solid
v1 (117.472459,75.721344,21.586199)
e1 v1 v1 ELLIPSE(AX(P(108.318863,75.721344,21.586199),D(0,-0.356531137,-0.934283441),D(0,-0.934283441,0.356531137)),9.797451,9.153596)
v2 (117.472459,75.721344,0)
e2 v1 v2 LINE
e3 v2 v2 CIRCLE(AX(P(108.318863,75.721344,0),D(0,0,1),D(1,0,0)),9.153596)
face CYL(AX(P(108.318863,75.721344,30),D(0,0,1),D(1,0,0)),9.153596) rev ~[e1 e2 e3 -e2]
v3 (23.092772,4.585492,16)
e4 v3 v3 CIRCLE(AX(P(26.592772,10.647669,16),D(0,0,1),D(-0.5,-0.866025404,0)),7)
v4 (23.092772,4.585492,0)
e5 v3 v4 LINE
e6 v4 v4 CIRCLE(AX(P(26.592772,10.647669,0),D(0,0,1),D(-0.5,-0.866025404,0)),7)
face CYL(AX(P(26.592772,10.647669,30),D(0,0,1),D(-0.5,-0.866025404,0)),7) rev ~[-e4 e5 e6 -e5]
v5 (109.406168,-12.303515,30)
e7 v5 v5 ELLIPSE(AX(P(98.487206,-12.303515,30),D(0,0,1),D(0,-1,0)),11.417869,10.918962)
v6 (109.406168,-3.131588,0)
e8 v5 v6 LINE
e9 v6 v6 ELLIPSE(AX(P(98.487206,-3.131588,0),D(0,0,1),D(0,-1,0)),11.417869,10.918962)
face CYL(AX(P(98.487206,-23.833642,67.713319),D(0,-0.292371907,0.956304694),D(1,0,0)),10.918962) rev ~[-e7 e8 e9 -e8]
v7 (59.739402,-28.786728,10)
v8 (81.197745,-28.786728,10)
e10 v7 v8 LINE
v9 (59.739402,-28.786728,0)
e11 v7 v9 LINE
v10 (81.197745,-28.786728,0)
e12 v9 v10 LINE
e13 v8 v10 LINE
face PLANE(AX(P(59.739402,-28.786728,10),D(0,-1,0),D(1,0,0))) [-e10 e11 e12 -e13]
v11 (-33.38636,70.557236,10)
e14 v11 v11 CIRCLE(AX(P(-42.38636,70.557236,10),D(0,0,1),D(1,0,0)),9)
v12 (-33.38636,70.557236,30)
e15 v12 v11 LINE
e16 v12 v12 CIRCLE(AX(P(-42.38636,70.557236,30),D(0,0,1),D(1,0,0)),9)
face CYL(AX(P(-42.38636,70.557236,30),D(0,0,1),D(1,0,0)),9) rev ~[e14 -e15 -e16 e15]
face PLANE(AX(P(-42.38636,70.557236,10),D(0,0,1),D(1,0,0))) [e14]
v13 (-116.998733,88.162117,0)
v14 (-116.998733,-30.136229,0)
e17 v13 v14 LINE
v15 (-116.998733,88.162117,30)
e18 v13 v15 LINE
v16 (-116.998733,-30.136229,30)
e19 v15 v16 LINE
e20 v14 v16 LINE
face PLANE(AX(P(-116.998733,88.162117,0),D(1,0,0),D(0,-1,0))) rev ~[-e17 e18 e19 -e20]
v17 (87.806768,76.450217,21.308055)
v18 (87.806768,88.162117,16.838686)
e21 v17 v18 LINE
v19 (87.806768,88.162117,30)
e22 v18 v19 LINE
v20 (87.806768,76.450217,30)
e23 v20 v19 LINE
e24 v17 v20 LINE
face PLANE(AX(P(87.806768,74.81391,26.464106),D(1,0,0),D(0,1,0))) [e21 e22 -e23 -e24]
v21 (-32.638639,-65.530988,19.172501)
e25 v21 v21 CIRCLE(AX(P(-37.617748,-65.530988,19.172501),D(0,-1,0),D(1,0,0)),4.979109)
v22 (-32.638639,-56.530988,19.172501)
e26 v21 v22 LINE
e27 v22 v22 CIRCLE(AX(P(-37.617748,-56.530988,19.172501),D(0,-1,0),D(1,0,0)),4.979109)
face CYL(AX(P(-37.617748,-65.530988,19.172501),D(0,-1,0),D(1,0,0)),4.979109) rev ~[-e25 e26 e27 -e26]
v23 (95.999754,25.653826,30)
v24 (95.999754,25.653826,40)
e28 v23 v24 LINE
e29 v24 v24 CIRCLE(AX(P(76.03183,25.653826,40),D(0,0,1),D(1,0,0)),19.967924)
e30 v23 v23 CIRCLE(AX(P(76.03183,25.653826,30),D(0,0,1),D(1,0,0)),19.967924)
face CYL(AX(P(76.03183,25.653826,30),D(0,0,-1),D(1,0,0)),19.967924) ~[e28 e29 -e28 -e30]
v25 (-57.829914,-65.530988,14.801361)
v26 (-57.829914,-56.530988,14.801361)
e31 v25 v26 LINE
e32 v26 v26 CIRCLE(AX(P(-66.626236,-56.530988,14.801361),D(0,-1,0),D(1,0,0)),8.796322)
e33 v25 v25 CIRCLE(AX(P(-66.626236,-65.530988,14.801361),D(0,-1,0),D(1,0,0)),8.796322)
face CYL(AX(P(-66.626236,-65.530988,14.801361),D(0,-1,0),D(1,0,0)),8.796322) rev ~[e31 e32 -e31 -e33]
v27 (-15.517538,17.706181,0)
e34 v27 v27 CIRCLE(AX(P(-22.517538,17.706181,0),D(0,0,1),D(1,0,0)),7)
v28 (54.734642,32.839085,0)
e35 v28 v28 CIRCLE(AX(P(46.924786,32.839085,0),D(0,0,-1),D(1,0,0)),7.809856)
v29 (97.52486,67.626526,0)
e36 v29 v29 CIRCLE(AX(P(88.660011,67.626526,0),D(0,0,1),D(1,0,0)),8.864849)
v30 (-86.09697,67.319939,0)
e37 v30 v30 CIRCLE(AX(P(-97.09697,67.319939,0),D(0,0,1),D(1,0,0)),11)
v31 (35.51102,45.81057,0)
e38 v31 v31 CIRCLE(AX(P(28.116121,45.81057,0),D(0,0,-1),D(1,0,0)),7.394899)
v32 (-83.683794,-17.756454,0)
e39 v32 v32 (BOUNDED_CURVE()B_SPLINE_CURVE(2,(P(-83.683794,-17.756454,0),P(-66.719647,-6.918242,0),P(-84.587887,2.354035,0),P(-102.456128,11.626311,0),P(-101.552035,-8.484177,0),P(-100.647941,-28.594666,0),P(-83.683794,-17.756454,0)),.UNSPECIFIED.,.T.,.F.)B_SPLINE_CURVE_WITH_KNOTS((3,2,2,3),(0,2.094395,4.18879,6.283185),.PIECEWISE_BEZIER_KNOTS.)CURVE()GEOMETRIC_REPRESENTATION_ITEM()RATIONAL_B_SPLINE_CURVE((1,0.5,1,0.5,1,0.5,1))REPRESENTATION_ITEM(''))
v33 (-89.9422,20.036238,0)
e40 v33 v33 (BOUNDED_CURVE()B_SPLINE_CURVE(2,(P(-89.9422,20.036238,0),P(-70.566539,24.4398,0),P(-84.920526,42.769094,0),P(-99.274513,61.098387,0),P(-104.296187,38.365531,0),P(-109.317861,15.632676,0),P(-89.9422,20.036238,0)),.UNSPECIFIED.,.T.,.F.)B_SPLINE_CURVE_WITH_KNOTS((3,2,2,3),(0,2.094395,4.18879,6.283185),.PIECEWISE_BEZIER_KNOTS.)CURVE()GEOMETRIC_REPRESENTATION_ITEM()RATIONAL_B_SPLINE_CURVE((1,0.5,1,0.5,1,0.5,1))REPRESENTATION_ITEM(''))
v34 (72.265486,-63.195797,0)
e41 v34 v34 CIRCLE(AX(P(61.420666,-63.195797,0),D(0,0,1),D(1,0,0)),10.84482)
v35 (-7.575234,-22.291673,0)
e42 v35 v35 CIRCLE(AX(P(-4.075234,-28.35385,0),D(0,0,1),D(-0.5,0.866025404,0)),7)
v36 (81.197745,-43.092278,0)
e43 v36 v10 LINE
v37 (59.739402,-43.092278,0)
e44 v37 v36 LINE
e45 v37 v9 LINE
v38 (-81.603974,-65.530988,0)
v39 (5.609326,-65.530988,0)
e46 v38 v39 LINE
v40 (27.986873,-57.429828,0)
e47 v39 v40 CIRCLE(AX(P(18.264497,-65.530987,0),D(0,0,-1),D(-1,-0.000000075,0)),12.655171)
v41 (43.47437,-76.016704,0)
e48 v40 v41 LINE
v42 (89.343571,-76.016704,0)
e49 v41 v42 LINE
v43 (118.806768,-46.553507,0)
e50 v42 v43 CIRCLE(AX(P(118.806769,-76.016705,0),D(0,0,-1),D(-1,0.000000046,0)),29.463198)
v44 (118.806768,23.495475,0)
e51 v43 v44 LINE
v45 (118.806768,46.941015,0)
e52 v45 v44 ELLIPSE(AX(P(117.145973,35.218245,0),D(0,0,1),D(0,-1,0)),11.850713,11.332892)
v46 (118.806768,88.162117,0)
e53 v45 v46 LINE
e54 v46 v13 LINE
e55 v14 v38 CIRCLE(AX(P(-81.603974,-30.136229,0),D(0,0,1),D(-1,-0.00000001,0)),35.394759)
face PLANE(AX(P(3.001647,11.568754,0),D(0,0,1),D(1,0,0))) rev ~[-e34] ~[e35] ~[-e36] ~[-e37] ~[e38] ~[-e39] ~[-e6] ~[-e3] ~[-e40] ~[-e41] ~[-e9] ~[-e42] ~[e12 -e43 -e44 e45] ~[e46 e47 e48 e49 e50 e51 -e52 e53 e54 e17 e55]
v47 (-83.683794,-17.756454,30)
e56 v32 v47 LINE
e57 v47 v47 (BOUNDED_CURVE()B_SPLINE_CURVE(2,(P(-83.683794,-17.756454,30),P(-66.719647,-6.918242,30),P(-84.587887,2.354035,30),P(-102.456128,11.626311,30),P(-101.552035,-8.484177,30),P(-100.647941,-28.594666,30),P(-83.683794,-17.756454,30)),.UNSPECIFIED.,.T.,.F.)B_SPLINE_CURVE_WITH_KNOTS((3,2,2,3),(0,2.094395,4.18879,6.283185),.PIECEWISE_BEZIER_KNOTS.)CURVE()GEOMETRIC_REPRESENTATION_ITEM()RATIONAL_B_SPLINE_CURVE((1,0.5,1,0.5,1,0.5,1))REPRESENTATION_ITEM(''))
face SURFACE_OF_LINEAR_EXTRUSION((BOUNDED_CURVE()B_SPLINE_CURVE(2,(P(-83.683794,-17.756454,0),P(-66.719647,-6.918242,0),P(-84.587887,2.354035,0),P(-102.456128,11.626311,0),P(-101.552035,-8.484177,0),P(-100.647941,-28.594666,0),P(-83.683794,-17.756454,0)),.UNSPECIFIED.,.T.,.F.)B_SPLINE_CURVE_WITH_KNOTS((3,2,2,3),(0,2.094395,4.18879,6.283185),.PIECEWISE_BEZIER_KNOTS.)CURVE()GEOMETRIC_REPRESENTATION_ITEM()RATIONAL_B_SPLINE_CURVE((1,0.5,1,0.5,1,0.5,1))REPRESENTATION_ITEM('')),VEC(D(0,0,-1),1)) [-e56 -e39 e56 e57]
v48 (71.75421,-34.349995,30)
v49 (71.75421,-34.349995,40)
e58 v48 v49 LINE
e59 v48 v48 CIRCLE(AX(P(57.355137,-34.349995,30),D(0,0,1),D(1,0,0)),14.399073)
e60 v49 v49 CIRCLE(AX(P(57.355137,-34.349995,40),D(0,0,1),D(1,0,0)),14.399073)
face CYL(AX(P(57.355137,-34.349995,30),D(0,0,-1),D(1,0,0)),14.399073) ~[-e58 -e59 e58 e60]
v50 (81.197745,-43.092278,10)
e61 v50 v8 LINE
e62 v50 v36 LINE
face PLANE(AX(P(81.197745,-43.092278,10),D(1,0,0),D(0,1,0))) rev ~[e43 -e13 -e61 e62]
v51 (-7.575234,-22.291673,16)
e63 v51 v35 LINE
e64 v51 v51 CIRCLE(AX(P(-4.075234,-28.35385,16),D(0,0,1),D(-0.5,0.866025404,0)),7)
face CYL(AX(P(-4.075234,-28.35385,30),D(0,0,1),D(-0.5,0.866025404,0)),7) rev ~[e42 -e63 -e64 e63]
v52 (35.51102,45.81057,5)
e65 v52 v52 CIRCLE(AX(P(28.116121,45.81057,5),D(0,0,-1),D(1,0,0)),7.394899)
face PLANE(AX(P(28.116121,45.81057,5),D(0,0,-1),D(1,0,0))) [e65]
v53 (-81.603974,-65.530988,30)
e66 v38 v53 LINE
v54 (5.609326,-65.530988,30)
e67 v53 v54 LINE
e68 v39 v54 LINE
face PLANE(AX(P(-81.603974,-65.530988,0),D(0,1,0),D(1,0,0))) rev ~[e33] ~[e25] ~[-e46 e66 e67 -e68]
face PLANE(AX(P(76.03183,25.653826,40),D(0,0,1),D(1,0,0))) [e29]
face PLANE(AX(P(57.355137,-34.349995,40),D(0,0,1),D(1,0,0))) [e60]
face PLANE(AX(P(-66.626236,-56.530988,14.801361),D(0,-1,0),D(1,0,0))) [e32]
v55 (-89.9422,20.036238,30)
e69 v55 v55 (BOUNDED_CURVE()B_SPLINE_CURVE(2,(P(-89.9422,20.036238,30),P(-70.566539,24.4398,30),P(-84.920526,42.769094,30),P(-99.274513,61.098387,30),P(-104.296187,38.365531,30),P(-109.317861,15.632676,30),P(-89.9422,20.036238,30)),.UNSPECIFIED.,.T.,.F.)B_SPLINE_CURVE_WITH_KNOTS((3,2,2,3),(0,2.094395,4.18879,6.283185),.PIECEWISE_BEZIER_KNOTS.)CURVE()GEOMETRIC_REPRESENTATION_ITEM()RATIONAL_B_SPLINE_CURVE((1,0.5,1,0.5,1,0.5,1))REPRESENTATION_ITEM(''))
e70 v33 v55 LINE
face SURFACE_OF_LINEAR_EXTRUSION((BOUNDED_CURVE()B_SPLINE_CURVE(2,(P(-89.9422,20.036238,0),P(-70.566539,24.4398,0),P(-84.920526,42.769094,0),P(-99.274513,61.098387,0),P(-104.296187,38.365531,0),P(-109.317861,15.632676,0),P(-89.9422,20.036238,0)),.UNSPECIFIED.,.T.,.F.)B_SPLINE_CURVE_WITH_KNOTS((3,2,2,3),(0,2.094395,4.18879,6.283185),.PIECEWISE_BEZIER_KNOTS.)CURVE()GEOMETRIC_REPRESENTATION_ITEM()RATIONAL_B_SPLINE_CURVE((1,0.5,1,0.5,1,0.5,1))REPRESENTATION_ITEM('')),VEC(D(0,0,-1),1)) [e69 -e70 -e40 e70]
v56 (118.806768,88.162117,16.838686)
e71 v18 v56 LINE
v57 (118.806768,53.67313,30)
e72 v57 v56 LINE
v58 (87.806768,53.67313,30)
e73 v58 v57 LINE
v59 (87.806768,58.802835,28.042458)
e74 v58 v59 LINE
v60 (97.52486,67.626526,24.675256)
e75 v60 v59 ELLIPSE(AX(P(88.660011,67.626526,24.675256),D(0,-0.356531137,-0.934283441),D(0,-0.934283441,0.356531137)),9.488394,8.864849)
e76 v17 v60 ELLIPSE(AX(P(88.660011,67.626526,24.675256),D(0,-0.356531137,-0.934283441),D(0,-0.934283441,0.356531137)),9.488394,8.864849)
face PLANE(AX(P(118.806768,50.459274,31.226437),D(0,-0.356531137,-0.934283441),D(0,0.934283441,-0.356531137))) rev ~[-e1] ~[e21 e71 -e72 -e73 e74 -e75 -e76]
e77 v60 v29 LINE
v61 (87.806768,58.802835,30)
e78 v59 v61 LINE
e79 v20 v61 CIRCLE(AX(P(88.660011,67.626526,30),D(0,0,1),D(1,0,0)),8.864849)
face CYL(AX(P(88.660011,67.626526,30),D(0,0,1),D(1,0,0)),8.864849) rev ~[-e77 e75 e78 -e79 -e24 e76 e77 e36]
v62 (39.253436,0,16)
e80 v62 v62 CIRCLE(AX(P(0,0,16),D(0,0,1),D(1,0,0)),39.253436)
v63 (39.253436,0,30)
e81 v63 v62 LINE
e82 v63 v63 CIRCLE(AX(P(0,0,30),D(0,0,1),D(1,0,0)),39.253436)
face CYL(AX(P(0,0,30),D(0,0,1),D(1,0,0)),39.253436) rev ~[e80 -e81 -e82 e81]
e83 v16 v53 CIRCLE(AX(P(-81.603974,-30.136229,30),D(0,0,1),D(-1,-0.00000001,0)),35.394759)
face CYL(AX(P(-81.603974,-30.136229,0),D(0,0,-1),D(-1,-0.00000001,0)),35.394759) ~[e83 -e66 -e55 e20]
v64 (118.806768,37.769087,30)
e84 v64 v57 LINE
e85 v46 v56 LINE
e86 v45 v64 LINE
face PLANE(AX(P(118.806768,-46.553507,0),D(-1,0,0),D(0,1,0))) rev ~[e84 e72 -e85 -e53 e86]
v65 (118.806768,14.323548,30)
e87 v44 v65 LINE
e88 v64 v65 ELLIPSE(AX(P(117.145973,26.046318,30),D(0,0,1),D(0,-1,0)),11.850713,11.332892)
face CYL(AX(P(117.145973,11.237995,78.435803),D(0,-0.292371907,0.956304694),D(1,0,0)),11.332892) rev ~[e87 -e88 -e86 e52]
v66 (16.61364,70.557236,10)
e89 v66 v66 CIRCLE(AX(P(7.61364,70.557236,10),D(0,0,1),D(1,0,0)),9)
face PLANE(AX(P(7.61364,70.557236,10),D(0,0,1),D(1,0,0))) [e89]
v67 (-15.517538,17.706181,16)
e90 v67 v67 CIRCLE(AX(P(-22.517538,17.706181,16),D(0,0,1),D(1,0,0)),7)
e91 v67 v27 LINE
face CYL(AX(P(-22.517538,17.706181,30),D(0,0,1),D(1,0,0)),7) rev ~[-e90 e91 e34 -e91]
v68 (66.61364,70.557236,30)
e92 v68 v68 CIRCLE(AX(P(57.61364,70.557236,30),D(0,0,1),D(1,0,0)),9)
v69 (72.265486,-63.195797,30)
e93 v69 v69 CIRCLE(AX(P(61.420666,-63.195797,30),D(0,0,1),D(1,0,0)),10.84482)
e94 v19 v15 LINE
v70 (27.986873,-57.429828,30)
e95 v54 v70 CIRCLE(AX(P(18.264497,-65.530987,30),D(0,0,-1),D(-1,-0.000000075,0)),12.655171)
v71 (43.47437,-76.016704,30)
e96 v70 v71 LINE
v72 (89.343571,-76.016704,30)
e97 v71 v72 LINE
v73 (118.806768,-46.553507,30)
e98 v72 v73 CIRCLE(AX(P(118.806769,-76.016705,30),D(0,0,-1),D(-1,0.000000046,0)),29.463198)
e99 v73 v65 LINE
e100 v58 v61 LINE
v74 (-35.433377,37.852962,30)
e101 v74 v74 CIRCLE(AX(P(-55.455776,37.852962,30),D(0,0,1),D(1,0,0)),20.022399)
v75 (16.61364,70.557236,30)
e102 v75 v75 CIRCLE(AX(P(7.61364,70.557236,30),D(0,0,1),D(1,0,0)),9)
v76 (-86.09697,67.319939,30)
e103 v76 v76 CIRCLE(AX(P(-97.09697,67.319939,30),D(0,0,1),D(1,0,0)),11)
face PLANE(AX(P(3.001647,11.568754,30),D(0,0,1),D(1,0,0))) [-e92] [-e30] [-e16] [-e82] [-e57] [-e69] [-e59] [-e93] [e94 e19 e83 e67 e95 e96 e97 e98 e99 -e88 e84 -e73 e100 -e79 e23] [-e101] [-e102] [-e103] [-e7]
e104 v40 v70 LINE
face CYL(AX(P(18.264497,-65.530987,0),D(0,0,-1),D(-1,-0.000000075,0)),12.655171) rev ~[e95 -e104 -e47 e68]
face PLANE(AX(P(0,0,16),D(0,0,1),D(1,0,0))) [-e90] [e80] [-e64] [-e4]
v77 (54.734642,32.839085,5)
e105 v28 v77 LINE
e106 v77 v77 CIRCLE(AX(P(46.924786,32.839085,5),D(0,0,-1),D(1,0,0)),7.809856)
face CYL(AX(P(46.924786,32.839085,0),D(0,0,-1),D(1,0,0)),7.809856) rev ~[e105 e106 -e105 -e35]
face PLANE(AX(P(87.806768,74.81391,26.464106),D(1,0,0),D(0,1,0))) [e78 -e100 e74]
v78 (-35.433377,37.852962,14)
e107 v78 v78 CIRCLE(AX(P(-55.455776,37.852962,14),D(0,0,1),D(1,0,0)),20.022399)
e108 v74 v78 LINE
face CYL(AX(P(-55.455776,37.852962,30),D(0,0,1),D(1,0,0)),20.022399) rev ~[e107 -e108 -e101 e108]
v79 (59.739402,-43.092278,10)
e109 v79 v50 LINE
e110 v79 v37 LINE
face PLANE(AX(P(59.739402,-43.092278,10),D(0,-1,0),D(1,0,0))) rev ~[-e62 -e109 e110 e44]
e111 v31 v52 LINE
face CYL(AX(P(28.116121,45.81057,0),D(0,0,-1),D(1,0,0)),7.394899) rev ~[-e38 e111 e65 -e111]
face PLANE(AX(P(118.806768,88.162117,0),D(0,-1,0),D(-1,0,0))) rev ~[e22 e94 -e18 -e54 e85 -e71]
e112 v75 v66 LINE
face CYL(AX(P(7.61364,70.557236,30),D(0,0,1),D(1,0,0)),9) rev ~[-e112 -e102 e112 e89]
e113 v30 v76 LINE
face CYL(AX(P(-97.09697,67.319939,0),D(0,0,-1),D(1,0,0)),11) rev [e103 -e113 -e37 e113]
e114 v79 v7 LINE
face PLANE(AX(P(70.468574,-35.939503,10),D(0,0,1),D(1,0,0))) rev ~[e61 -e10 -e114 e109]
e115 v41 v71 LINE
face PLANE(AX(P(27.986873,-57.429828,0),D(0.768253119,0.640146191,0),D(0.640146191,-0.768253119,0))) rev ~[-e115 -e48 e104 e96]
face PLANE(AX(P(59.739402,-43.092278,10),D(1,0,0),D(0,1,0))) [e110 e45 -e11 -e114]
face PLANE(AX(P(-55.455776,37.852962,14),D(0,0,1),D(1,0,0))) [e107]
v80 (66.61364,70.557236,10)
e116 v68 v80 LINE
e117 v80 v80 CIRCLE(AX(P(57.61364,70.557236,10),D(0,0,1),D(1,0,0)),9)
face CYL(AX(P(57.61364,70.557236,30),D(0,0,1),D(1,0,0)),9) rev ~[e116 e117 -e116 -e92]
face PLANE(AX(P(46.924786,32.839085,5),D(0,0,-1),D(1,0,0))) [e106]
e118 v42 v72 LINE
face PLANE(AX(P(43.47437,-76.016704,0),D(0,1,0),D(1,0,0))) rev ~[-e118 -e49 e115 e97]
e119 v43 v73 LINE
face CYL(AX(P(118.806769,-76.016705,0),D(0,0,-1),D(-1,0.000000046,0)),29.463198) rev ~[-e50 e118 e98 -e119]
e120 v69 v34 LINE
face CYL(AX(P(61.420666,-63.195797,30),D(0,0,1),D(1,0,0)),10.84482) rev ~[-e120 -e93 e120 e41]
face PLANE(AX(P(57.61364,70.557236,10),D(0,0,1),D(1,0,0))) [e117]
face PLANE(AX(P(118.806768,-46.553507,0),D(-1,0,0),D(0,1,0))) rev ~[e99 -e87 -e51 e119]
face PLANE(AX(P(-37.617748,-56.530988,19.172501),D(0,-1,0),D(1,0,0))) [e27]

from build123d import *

# Parameters (mm, degrees)
SKETCH_R            = 11
PAD_DEPTH           = 30
SKETCH001_R         = 9
POCKET_DEPTH        = 20
LINEARPATTERN_COUNT = 3
LINEARPATTERN_PITCH = 50
SKETCH002_R         = 7
POCKET001_DEPTH     = 50
POLARPATTERN_COUNT  = 3
SKETCH003_R         = 19.967924
PAD001_DEPTH        = 10
SKETCH004_R         = 14.399073
PAD002_DEPTH        = 10
SKETCH005_W         = 21.458343
SKETCH005_H         = 14.30555
POCKET002_DEPTH     = 17
SKETCH006_R         = 8.796322
SKETCH006_R_2       = 4.979109
POCKET003_DEPTH     = 9
SKETCH007_R         = 9.153596
SKETCH007_R_2       = 8.864849
POCKET004_DEPTH     = 30.001
POCKET005_DEPTH     = 31
SKETCH009_R         = 20.022399
POCKET006_DEPTH     = 16
SKETCH010_R         = 8.593369
POCKET007_DEPTH     = 40.001
SKETCH011_R         = 11.332892
SKETCH011_R_2       = 10.918962
POCKET008_DEPTH     = 97.499965
SKETCH012_R         = 10.84482
POCKET009_DEPTH     = 30.001
SKETCH013_R         = 39.253436
POCKET010_DEPTH     = 14
SKETCH014_R         = 7.394899
SKETCH014_R_2       = 7.809856
POCKET011_DEPTH     = 5


with BuildPart() as part:
    # Sketch → Pad (new body)
    with BuildSketch(Plane.XY):
        with BuildLine():
            Line((-116.998733, 88.162117), (-116.998733, -30.136229))
            ThreePointArc((-116.998733, -30.136229), (-106.631848, -55.164103), (-81.603974, -65.530988))
            Line((-81.603974, -65.530988), (5.609326, -65.530988))
            ThreePointArc((5.609326, -65.530988), (13.956653, -53.631582), (27.986873, -57.429828))
            Line((27.986873, -57.429828), (43.47437, -76.016704))
            Line((43.47437, -76.016704), (89.343571, -76.016704))
            ThreePointArc((89.343571, -76.016704), (97.973142, -55.183078), (118.806768, -46.553507))
            Line((118.806768, -46.553507), (118.806768, 88.162117))
            Line((118.806768, 88.162117), (-116.998733, 88.162117))
        make_face()
        with Locations((-97.09697, 67.319939)):
            Circle(SKETCH_R, mode=Mode.SUBTRACT)
        with BuildLine():
            add(Edge.make_bspline(
                [(-89.9422, 20.036238), (-70.566539, 24.4398), (-84.920526, 42.769094), (-99.274513, 61.098387), (-104.296187, 38.365531), (-109.317861, 15.632676), (-89.9422, 20.036238)],
                knots=[0, 0, 0, 2.094395, 2.094395, 4.18879, 4.18879, 6.283185, 6.283185, 6.283185], degree=2, weights=[1, 0.5, 1, 0.5, 1, 0.5, 1]))
        make_face(mode=Mode.SUBTRACT)
        with BuildLine():
            add(Edge.make_bspline(
                [(-83.683794, -17.756454), (-66.719647, -6.918242), (-84.587887, 2.354035), (-102.456128, 11.626311), (-101.552035, -8.484177), (-100.647941, -28.594666), (-83.683794, -17.756454)],
                knots=[0, 0, 0, 2.094395, 2.094395, 4.18879, 4.18879, 6.283185, 6.283185, 6.283185], degree=2, weights=[1, 0.5, 1, 0.5, 1, 0.5, 1]))
        make_face(mode=Mode.SUBTRACT)
    extrude(amount=PAD_DEPTH)

    # Sketch001 (on Face14 of Pad) → Pocket (cut)
    with BuildSketch(Plane.XY.offset(30)):
        with Locations((-42.38636, 70.557236)):
            Circle(SKETCH001_R)
    pocket = extrude(amount=-POCKET_DEPTH, mode=Mode.SUBTRACT)

    # LinearPattern: Pocket ×3
    with Locations(*[(i * LINEARPATTERN_PITCH, 0, 0) for i in range(1, LINEARPATTERN_COUNT)]):
        add(pocket, mode=Mode.SUBTRACT)

    # Sketch002 (on Face5 of LinearPattern) → Pocket001 (cut)
    with BuildSketch(Plane.XY.offset(30)):
        with Locations((-22.517538, 17.706181)):
            Circle(SKETCH002_R)
    pocket001 = extrude(amount=-POCKET001_DEPTH, mode=Mode.SUBTRACT)

    # PolarPattern: Pocket001 ×3 about axis
    polarpattern_axis = Axis((0, 0, 30), (0, 0, 1))
    for i in range(1, POLARPATTERN_COUNT):
        add(pocket001.rotate(polarpattern_axis, i * 360 / POLARPATTERN_COUNT), mode=Mode.SUBTRACT)

    # Sketch003 (on Face5 of PolarPattern) → Pad001 (join)
    with BuildSketch(Plane.XY.offset(30)):
        with Locations((76.03183, 25.653826)):
            Circle(SKETCH003_R)
    extrude(amount=PAD001_DEPTH)

    # Sketch004 (on Face5 of Pad001) → Pad002 (join)
    with BuildSketch(Plane.XY.offset(30)):
        with Locations((57.355137, -34.349995)):
            Circle(SKETCH004_R)
    extrude(amount=PAD002_DEPTH)

    # Sketch005 (on Face27 of Pad002) → Pocket002 (cut)
    with BuildSketch(Plane.XY.offset(10)):
        with Locations((70.468574, -35.939503)):
            Rectangle(SKETCH005_W, SKETCH005_H)
    extrude(amount=-POCKET002_DEPTH, mode=Mode.SUBTRACT)

    # Sketch006 (on Face7 of Pocket002) → Pocket003 (cut)
    with BuildSketch(Plane.XZ.offset(65.530988)):
        with Locations((-66.626236, 14.801361)):
            Circle(SKETCH006_R)
        with Locations((-37.617748, 19.172501)):
            Circle(SKETCH006_R_2)
    extrude(amount=-POCKET003_DEPTH, mode=Mode.SUBTRACT)

    # Sketch007 (on Face5 of Pocket003) → Pocket004 (cut, through all)
    with BuildSketch(Plane.XY.offset(30)):
        with Locations((108.318863, 75.721344)):
            Circle(SKETCH007_R)
        with Locations((88.660011, 67.626526)):
            Circle(SKETCH007_R_2)
    extrude(amount=-POCKET004_DEPTH, mode=Mode.SUBTRACT)

    # Sketch008 (on Face6 of Pocket004) → Pocket005 (cut)
    with BuildSketch(Plane.YZ.offset(118.806768)):
        Polygon((50.459274, 31.226437), (92.608627, 15.141857), (92.608627, 31.226437), align=None)
    extrude(amount=-POCKET005_DEPTH, mode=Mode.SUBTRACT)

    # Sketch009 (on Face5 of Pocket005) → Pocket006 (cut)
    with BuildSketch(Plane.XY.offset(30)):
        with Locations((-55.455776, 37.852962)):
            Circle(SKETCH009_R)
    extrude(amount=-POCKET006_DEPTH, mode=Mode.SUBTRACT)

    # Sketch010 (on Face39 of Pocket006) → Pocket007 (cut, through all)
    with BuildSketch(Plane.XY.offset(40)):
        with Locations((-93.052971, 33.723621)):
            Circle(SKETCH010_R)
    extrude(amount=-POCKET007_DEPTH, mode=Mode.SUBTRACT)

    # Sketch011 (on DatumPlane) → Pocket008 (cut, through all)
    with BuildSketch(Plane(origin=(0, 0, 75), x_dir=(1, 0, 0), z_dir=(0, -0.292372, 0.956305))):
        with Locations((117.145973, 11.75148)):
            Circle(SKETCH011_R)
        with Locations((98.487206, -24.922645)):
            Circle(SKETCH011_R_2)
    extrude(amount=-POCKET008_DEPTH, mode=Mode.SUBTRACT)

    # Sketch012 (on Face5 of Pocket008) → Pocket009 (cut, through all)
    with BuildSketch(Plane.XY.offset(30)):
        with Locations((61.420666, -63.195797)):
            Circle(SKETCH012_R)
    extrude(amount=-POCKET009_DEPTH, mode=Mode.SUBTRACT)

    # Sketch013 (on Face5 of Pocket009) → Pocket010 (cut)
    with BuildSketch(Plane.XY.offset(30)):
        Circle(SKETCH013_R)
    extrude(amount=-POCKET010_DEPTH, mode=Mode.SUBTRACT)

    # Sketch014 (on Face4 of Pocket010) → Pocket011 (cut)
    with BuildSketch(Plane(origin=(0, 0, 0), x_dir=(1, 0, 0), z_dir=(0, 0, -1))):
        with Locations((28.116121, -45.81057)):
            Circle(SKETCH014_R)
        with Locations((46.924786, -32.839085)):
            Circle(SKETCH014_R_2)
    extrude(amount=-POCKET011_DEPTH, mode=Mode.SUBTRACT)


solid = part.part
